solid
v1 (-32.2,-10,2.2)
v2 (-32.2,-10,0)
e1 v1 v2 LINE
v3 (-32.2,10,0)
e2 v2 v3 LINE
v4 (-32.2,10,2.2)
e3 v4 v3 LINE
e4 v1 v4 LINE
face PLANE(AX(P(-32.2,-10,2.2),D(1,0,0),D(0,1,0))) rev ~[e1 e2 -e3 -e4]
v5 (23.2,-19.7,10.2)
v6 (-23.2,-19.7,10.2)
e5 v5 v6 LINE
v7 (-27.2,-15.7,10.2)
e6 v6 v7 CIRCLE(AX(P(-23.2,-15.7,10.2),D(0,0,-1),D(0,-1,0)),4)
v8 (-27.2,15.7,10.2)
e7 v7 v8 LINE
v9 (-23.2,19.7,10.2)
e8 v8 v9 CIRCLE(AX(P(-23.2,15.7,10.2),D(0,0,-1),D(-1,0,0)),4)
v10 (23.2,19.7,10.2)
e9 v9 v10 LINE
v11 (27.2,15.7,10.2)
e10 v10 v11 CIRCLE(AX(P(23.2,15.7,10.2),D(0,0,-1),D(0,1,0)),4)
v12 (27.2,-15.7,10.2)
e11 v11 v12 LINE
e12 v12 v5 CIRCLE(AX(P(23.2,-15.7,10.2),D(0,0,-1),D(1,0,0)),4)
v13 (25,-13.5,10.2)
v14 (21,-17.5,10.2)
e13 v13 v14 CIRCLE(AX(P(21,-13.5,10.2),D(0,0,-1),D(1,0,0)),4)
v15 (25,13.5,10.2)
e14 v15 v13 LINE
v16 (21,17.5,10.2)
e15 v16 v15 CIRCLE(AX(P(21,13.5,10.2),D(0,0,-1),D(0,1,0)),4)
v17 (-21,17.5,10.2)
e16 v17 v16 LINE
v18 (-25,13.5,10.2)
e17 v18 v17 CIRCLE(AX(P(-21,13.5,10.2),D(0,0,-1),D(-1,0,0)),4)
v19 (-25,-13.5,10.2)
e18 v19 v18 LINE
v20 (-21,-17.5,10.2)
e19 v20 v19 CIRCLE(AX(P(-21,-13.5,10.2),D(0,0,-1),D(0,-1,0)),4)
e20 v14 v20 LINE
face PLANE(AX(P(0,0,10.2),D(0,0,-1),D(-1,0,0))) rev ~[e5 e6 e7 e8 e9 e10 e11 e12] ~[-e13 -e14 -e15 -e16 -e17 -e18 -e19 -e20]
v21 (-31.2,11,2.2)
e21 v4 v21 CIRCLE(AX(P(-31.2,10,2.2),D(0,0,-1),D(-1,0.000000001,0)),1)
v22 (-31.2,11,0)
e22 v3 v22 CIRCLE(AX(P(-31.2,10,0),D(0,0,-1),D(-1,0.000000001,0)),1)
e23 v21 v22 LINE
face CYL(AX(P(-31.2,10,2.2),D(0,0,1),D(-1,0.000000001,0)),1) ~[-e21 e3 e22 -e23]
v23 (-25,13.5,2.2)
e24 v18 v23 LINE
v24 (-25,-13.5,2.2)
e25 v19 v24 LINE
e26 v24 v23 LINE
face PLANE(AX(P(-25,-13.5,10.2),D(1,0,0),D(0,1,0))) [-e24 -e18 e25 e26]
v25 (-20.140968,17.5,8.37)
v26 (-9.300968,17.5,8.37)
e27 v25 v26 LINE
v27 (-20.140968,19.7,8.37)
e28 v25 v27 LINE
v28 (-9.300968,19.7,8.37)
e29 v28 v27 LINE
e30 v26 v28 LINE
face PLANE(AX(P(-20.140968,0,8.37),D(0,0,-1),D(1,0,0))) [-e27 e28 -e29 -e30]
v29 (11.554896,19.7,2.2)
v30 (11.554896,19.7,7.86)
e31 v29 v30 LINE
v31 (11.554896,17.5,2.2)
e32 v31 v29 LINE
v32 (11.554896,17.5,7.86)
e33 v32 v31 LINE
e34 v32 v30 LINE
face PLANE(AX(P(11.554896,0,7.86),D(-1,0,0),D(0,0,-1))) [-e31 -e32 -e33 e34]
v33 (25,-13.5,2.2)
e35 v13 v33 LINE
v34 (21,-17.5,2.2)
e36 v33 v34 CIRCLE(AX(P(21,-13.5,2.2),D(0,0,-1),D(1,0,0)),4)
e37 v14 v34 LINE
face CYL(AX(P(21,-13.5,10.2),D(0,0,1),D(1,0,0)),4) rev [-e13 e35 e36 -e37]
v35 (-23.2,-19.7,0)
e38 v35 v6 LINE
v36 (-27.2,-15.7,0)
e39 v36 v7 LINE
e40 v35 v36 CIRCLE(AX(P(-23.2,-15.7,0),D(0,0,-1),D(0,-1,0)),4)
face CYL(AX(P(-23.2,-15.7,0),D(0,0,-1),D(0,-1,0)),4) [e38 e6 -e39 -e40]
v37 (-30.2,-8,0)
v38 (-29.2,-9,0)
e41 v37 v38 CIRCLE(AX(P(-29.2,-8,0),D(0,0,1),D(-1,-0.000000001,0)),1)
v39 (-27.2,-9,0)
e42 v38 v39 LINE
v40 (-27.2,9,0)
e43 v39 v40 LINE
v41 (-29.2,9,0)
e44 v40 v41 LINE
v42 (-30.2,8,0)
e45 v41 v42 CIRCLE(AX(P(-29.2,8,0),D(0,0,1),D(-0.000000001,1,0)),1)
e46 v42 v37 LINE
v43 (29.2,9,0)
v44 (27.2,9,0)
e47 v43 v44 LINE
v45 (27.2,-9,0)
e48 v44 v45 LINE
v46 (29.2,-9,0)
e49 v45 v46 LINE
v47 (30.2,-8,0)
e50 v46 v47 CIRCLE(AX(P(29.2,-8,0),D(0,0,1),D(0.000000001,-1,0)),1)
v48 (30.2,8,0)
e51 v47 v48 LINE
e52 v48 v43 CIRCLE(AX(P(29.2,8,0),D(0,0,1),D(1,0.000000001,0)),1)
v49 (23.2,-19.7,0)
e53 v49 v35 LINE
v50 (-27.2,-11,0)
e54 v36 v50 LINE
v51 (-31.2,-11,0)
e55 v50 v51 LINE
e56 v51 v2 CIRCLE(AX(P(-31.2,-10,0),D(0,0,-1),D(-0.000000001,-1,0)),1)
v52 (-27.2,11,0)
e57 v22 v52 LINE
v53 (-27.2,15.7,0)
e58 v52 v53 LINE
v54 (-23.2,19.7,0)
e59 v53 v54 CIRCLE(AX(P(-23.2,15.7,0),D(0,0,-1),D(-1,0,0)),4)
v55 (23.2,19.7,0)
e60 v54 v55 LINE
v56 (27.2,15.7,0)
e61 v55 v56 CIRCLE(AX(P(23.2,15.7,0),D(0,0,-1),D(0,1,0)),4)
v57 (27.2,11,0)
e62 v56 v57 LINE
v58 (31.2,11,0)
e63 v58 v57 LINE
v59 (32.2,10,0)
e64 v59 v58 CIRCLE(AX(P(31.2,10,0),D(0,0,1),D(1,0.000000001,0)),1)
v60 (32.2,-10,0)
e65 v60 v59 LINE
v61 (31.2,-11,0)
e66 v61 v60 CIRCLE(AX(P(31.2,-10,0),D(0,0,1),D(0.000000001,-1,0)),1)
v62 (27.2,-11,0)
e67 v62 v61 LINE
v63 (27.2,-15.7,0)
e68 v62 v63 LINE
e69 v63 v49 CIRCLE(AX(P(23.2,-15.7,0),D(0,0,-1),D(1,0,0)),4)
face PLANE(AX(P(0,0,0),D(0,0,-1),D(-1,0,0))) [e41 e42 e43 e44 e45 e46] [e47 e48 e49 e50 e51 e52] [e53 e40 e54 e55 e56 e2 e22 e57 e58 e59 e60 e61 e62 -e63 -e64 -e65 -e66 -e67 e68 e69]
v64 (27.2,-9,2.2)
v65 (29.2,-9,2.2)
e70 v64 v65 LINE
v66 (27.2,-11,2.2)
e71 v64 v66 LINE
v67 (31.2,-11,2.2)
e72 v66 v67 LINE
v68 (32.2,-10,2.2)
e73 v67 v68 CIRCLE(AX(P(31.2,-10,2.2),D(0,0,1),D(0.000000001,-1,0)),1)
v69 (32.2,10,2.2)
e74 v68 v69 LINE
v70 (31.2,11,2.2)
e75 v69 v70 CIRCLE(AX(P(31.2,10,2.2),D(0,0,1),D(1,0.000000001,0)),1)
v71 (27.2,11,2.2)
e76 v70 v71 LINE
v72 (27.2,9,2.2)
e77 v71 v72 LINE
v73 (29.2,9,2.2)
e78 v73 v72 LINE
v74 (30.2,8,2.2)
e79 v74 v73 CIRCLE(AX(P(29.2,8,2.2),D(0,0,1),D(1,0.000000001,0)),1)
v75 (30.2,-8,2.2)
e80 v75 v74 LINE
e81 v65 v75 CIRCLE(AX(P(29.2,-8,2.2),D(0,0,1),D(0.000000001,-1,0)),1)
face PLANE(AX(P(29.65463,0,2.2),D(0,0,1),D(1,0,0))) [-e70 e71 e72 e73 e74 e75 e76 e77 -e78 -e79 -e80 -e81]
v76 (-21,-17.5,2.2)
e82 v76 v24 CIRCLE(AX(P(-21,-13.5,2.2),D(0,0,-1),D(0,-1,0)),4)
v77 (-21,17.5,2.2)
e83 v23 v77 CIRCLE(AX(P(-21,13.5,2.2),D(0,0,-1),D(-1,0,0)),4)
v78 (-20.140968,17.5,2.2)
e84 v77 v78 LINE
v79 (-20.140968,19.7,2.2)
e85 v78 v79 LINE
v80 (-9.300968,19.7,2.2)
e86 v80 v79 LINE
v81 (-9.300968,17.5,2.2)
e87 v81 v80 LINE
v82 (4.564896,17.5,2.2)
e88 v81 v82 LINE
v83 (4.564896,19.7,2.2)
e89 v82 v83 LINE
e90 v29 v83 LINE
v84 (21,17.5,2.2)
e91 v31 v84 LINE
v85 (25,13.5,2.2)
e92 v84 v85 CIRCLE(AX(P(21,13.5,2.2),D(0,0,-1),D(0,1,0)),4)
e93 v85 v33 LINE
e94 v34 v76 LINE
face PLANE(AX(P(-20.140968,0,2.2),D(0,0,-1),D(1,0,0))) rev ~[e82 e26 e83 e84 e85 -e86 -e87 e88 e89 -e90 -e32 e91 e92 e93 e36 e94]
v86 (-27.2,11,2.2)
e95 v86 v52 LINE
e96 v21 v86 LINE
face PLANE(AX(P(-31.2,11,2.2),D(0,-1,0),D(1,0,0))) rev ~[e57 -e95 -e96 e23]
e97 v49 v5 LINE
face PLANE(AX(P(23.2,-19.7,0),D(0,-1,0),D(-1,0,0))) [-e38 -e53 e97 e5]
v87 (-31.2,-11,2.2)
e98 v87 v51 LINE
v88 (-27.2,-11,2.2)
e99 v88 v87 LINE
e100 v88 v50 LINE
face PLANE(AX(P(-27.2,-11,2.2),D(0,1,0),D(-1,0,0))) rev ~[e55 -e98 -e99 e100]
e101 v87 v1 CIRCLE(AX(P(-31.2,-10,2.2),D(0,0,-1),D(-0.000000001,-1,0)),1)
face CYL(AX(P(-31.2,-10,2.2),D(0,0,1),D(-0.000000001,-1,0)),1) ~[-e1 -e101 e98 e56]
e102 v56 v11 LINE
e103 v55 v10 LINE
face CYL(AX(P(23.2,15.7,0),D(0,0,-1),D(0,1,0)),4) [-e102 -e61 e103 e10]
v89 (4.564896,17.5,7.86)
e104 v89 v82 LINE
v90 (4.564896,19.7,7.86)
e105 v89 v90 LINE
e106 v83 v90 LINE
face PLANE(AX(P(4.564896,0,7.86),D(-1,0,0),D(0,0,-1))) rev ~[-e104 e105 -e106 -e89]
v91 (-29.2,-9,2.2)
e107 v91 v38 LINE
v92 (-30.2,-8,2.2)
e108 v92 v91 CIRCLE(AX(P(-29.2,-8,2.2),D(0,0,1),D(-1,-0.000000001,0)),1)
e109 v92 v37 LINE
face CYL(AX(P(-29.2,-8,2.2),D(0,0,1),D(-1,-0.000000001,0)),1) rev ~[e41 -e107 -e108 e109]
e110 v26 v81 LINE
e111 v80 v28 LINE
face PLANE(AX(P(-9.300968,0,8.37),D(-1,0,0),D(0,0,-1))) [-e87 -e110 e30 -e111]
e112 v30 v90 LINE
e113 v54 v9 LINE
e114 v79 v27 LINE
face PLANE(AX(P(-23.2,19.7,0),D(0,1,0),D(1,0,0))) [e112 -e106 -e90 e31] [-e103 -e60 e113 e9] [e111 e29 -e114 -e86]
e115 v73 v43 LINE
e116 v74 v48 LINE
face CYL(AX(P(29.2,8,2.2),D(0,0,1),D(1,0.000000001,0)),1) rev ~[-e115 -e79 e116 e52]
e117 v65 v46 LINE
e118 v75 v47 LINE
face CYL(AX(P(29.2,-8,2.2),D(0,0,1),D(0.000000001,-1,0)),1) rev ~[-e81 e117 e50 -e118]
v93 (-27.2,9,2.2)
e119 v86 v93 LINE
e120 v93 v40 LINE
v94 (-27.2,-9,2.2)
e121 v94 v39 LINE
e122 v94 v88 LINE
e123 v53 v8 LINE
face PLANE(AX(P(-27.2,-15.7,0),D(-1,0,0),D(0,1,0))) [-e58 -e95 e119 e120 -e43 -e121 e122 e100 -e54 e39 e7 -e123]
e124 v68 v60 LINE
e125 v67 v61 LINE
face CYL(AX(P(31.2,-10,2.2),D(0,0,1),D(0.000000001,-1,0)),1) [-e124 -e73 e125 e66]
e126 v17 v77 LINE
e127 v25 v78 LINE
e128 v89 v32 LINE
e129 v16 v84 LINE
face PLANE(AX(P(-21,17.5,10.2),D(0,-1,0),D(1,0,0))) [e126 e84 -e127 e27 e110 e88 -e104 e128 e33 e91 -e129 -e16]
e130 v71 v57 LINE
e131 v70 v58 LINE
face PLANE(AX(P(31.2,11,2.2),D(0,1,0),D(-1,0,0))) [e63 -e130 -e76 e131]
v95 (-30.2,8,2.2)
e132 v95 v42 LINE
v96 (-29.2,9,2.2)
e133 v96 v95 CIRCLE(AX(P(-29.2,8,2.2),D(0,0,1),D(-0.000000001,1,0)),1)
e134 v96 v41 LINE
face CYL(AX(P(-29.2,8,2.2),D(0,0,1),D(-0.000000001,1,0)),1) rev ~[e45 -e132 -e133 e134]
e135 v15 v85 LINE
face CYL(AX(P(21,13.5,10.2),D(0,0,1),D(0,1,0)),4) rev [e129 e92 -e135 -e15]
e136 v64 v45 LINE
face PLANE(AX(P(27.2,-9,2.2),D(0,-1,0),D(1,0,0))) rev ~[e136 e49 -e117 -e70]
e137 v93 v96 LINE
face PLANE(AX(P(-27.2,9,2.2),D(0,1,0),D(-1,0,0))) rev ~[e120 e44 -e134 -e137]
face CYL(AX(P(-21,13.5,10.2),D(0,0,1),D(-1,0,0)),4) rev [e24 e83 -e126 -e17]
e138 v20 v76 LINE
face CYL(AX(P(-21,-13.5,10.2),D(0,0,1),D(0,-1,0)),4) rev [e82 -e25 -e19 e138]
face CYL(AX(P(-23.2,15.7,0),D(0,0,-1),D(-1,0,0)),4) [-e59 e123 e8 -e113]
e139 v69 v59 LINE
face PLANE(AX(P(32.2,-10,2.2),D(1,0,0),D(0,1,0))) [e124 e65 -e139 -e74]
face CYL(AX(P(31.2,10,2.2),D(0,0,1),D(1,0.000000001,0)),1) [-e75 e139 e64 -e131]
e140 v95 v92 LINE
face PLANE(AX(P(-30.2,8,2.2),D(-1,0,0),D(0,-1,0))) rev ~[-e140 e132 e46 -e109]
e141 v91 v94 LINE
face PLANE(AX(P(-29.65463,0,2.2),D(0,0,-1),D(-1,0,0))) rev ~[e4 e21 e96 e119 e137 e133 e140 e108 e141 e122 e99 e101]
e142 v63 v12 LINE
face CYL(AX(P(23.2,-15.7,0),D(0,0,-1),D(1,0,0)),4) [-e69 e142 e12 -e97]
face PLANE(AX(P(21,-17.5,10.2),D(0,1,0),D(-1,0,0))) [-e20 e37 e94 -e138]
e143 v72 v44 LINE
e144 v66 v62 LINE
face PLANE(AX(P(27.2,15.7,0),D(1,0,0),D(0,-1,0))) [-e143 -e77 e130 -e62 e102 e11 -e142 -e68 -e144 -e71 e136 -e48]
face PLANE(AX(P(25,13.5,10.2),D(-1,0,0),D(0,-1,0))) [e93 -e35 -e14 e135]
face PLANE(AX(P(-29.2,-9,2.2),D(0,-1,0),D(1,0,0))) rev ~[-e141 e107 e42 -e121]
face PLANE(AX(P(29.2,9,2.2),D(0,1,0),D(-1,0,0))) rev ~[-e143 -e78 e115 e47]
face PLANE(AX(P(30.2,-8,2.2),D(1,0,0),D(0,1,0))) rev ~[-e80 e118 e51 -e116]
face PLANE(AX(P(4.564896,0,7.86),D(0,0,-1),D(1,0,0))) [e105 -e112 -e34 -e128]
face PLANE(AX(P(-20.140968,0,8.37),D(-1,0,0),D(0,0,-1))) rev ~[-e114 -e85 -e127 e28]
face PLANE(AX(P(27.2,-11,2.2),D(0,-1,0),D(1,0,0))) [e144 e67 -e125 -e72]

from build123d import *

# Parameters (mm, degrees)
BOSS_EXTRUDE1_DEPTH = 10.2
CUT_EXTRUDE1_DEPTH  = 8
BOSS_EXTRUDE2_DEPTH = 2.2
CUT_EXTRUDE2_DEPTH  = 2.2
SKETCH6_W           = 10.84
SKETCH6_H           = 6.17
CUT_EXTRUDE3_DEPTH  = 46
SKETCH8_W           = 6.99
SKETCH8_H           = 5.66
CUT_EXTRUDE4_DEPTH  = 29


with BuildPart() as part:
    # Sketch1 → Boss-Extrude1 (new body)
    with BuildSketch(Plane.XY):
        with BuildLine():
            Line((23.2, -19.7), (-23.2, -19.7))
            ThreePointArc((-23.2, -19.7), (-26.028427125, -18.528427125), (-27.2, -15.7))
            Line((-27.2, -15.7), (-27.2, 15.7))
            ThreePointArc((-27.2, 15.7), (-26.028427125, 18.528427125), (-23.2, 19.7))
            Line((-23.2, 19.7), (23.2, 19.7))
            ThreePointArc((23.2, 19.7), (26.028427125, 18.528427125), (27.2, 15.7))
            Line((27.2, 15.7), (27.2, -15.7))
            ThreePointArc((27.2, -15.7), (26.028427125, -18.528427125), (23.2, -19.7))
        make_face()
    extrude(amount=BOSS_EXTRUDE1_DEPTH)

    # Sketch2 → Cut-Extrude1 (cut)
    with BuildSketch(Plane.XY.offset(10.2)):
        with BuildLine():
            Line((21, -17.5), (-21, -17.5))
            ThreePointArc((-21, -17.5), (-23.828427125, -16.328427125), (-25, -13.5))
            Line((-25, -13.5), (-25, 13.5))
            ThreePointArc((-25, 13.5), (-23.828427125, 16.328427125), (-21, 17.5))
            Line((-21, 17.5), (21, 17.5))
            ThreePointArc((21, 17.5), (23.828427125, 16.328427125), (25, 13.5))
            Line((25, 13.5), (25, -13.5))
            ThreePointArc((25, -13.5), (23.828427125, -16.328427125), (21, -17.5))
        make_face()
    extrude(amount=-CUT_EXTRUDE1_DEPTH, mode=Mode.SUBTRACT)

    # Sketch4 → Boss-Extrude2 (add)
    with BuildSketch(Plane.XY.offset(2.2)):
        with BuildLine():
            Line((27.2, -11), (31.2, -11))
            ThreePointArc((31.2, -11), (31.907106781, -10.707106781), (32.2, -10))
            Line((32.2, -10), (32.2, 10))
            ThreePointArc((32.2, 10), (31.907106781, 10.707106781), (31.2, 11))
            Line((31.2, 11), (27.2, 11))
            Line((27.2, 11), (27.2, -11))
        make_face()
        with BuildLine():
            Line((-27.2, 11), (-27.2, -11))
            Line((-27.2, -11), (-31.2, -11))
            ThreePointArc((-31.2, -11), (-31.907106781, -10.707106781), (-32.2, -10))
            Line((-32.2, -10), (-32.2, 10))
            ThreePointArc((-32.2, 10), (-31.907106781, 10.707106781), (-31.2, 11))
            Line((-31.2, 11), (-27.2, 11))
        make_face()
    extrude(amount=-BOSS_EXTRUDE2_DEPTH)

    # Sketch5 → Cut-Extrude2 (cut)
    with BuildSketch(Plane.XY.offset(2.2)):
        with BuildLine():
            Line((27.2, -9), (29.2, -9))
            ThreePointArc((29.2, -9), (29.907106781, -8.707106781), (30.2, -8))
            Line((30.2, -8), (30.2, 8))
            ThreePointArc((30.2, 8), (29.907106781, 8.707106781), (29.2, 9))
            Line((29.2, 9), (27.2, 9))
            Line((27.2, 9), (27.2, -9))
        make_face()
        with BuildLine():
            Line((-27.2, -9), (-27.2, 9))
            Line((-27.2, 9), (-29.2, 9))
            ThreePointArc((-29.2, 9), (-29.907106781, 8.707106781), (-30.2, 8))
            Line((-30.2, 8), (-30.2, -8))
            ThreePointArc((-30.2, -8), (-29.907106781, -8.707106781), (-29.2, -9))
            Line((-29.2, -9), (-27.2, -9))
        make_face()
    extrude(amount=-CUT_EXTRUDE2_DEPTH, mode=Mode.SUBTRACT)

    # Sketch6 → Cut-Extrude3 (cut)
    with BuildSketch(Plane(origin=(0, 0, 0), x_dir=(1, 0, 0), z_dir=(0, 1, 0))):
        with Locations((-14.720967814, -5.285)):
            Rectangle(SKETCH6_W, SKETCH6_H)
    extrude(amount=CUT_EXTRUDE3_DEPTH, mode=Mode.SUBTRACT)

    # Sketch8 → Cut-Extrude4 (cut)
    with BuildSketch(Plane(origin=(0, 0, 0), x_dir=(1, 0, 0), z_dir=(0, 1, 0))):
        with Locations((8.059896405, -5.03)):
            Rectangle(SKETCH8_W, SKETCH8_H)
    extrude(amount=CUT_EXTRUDE4_DEPTH, mode=Mode.SUBTRACT)


solid = part.part
